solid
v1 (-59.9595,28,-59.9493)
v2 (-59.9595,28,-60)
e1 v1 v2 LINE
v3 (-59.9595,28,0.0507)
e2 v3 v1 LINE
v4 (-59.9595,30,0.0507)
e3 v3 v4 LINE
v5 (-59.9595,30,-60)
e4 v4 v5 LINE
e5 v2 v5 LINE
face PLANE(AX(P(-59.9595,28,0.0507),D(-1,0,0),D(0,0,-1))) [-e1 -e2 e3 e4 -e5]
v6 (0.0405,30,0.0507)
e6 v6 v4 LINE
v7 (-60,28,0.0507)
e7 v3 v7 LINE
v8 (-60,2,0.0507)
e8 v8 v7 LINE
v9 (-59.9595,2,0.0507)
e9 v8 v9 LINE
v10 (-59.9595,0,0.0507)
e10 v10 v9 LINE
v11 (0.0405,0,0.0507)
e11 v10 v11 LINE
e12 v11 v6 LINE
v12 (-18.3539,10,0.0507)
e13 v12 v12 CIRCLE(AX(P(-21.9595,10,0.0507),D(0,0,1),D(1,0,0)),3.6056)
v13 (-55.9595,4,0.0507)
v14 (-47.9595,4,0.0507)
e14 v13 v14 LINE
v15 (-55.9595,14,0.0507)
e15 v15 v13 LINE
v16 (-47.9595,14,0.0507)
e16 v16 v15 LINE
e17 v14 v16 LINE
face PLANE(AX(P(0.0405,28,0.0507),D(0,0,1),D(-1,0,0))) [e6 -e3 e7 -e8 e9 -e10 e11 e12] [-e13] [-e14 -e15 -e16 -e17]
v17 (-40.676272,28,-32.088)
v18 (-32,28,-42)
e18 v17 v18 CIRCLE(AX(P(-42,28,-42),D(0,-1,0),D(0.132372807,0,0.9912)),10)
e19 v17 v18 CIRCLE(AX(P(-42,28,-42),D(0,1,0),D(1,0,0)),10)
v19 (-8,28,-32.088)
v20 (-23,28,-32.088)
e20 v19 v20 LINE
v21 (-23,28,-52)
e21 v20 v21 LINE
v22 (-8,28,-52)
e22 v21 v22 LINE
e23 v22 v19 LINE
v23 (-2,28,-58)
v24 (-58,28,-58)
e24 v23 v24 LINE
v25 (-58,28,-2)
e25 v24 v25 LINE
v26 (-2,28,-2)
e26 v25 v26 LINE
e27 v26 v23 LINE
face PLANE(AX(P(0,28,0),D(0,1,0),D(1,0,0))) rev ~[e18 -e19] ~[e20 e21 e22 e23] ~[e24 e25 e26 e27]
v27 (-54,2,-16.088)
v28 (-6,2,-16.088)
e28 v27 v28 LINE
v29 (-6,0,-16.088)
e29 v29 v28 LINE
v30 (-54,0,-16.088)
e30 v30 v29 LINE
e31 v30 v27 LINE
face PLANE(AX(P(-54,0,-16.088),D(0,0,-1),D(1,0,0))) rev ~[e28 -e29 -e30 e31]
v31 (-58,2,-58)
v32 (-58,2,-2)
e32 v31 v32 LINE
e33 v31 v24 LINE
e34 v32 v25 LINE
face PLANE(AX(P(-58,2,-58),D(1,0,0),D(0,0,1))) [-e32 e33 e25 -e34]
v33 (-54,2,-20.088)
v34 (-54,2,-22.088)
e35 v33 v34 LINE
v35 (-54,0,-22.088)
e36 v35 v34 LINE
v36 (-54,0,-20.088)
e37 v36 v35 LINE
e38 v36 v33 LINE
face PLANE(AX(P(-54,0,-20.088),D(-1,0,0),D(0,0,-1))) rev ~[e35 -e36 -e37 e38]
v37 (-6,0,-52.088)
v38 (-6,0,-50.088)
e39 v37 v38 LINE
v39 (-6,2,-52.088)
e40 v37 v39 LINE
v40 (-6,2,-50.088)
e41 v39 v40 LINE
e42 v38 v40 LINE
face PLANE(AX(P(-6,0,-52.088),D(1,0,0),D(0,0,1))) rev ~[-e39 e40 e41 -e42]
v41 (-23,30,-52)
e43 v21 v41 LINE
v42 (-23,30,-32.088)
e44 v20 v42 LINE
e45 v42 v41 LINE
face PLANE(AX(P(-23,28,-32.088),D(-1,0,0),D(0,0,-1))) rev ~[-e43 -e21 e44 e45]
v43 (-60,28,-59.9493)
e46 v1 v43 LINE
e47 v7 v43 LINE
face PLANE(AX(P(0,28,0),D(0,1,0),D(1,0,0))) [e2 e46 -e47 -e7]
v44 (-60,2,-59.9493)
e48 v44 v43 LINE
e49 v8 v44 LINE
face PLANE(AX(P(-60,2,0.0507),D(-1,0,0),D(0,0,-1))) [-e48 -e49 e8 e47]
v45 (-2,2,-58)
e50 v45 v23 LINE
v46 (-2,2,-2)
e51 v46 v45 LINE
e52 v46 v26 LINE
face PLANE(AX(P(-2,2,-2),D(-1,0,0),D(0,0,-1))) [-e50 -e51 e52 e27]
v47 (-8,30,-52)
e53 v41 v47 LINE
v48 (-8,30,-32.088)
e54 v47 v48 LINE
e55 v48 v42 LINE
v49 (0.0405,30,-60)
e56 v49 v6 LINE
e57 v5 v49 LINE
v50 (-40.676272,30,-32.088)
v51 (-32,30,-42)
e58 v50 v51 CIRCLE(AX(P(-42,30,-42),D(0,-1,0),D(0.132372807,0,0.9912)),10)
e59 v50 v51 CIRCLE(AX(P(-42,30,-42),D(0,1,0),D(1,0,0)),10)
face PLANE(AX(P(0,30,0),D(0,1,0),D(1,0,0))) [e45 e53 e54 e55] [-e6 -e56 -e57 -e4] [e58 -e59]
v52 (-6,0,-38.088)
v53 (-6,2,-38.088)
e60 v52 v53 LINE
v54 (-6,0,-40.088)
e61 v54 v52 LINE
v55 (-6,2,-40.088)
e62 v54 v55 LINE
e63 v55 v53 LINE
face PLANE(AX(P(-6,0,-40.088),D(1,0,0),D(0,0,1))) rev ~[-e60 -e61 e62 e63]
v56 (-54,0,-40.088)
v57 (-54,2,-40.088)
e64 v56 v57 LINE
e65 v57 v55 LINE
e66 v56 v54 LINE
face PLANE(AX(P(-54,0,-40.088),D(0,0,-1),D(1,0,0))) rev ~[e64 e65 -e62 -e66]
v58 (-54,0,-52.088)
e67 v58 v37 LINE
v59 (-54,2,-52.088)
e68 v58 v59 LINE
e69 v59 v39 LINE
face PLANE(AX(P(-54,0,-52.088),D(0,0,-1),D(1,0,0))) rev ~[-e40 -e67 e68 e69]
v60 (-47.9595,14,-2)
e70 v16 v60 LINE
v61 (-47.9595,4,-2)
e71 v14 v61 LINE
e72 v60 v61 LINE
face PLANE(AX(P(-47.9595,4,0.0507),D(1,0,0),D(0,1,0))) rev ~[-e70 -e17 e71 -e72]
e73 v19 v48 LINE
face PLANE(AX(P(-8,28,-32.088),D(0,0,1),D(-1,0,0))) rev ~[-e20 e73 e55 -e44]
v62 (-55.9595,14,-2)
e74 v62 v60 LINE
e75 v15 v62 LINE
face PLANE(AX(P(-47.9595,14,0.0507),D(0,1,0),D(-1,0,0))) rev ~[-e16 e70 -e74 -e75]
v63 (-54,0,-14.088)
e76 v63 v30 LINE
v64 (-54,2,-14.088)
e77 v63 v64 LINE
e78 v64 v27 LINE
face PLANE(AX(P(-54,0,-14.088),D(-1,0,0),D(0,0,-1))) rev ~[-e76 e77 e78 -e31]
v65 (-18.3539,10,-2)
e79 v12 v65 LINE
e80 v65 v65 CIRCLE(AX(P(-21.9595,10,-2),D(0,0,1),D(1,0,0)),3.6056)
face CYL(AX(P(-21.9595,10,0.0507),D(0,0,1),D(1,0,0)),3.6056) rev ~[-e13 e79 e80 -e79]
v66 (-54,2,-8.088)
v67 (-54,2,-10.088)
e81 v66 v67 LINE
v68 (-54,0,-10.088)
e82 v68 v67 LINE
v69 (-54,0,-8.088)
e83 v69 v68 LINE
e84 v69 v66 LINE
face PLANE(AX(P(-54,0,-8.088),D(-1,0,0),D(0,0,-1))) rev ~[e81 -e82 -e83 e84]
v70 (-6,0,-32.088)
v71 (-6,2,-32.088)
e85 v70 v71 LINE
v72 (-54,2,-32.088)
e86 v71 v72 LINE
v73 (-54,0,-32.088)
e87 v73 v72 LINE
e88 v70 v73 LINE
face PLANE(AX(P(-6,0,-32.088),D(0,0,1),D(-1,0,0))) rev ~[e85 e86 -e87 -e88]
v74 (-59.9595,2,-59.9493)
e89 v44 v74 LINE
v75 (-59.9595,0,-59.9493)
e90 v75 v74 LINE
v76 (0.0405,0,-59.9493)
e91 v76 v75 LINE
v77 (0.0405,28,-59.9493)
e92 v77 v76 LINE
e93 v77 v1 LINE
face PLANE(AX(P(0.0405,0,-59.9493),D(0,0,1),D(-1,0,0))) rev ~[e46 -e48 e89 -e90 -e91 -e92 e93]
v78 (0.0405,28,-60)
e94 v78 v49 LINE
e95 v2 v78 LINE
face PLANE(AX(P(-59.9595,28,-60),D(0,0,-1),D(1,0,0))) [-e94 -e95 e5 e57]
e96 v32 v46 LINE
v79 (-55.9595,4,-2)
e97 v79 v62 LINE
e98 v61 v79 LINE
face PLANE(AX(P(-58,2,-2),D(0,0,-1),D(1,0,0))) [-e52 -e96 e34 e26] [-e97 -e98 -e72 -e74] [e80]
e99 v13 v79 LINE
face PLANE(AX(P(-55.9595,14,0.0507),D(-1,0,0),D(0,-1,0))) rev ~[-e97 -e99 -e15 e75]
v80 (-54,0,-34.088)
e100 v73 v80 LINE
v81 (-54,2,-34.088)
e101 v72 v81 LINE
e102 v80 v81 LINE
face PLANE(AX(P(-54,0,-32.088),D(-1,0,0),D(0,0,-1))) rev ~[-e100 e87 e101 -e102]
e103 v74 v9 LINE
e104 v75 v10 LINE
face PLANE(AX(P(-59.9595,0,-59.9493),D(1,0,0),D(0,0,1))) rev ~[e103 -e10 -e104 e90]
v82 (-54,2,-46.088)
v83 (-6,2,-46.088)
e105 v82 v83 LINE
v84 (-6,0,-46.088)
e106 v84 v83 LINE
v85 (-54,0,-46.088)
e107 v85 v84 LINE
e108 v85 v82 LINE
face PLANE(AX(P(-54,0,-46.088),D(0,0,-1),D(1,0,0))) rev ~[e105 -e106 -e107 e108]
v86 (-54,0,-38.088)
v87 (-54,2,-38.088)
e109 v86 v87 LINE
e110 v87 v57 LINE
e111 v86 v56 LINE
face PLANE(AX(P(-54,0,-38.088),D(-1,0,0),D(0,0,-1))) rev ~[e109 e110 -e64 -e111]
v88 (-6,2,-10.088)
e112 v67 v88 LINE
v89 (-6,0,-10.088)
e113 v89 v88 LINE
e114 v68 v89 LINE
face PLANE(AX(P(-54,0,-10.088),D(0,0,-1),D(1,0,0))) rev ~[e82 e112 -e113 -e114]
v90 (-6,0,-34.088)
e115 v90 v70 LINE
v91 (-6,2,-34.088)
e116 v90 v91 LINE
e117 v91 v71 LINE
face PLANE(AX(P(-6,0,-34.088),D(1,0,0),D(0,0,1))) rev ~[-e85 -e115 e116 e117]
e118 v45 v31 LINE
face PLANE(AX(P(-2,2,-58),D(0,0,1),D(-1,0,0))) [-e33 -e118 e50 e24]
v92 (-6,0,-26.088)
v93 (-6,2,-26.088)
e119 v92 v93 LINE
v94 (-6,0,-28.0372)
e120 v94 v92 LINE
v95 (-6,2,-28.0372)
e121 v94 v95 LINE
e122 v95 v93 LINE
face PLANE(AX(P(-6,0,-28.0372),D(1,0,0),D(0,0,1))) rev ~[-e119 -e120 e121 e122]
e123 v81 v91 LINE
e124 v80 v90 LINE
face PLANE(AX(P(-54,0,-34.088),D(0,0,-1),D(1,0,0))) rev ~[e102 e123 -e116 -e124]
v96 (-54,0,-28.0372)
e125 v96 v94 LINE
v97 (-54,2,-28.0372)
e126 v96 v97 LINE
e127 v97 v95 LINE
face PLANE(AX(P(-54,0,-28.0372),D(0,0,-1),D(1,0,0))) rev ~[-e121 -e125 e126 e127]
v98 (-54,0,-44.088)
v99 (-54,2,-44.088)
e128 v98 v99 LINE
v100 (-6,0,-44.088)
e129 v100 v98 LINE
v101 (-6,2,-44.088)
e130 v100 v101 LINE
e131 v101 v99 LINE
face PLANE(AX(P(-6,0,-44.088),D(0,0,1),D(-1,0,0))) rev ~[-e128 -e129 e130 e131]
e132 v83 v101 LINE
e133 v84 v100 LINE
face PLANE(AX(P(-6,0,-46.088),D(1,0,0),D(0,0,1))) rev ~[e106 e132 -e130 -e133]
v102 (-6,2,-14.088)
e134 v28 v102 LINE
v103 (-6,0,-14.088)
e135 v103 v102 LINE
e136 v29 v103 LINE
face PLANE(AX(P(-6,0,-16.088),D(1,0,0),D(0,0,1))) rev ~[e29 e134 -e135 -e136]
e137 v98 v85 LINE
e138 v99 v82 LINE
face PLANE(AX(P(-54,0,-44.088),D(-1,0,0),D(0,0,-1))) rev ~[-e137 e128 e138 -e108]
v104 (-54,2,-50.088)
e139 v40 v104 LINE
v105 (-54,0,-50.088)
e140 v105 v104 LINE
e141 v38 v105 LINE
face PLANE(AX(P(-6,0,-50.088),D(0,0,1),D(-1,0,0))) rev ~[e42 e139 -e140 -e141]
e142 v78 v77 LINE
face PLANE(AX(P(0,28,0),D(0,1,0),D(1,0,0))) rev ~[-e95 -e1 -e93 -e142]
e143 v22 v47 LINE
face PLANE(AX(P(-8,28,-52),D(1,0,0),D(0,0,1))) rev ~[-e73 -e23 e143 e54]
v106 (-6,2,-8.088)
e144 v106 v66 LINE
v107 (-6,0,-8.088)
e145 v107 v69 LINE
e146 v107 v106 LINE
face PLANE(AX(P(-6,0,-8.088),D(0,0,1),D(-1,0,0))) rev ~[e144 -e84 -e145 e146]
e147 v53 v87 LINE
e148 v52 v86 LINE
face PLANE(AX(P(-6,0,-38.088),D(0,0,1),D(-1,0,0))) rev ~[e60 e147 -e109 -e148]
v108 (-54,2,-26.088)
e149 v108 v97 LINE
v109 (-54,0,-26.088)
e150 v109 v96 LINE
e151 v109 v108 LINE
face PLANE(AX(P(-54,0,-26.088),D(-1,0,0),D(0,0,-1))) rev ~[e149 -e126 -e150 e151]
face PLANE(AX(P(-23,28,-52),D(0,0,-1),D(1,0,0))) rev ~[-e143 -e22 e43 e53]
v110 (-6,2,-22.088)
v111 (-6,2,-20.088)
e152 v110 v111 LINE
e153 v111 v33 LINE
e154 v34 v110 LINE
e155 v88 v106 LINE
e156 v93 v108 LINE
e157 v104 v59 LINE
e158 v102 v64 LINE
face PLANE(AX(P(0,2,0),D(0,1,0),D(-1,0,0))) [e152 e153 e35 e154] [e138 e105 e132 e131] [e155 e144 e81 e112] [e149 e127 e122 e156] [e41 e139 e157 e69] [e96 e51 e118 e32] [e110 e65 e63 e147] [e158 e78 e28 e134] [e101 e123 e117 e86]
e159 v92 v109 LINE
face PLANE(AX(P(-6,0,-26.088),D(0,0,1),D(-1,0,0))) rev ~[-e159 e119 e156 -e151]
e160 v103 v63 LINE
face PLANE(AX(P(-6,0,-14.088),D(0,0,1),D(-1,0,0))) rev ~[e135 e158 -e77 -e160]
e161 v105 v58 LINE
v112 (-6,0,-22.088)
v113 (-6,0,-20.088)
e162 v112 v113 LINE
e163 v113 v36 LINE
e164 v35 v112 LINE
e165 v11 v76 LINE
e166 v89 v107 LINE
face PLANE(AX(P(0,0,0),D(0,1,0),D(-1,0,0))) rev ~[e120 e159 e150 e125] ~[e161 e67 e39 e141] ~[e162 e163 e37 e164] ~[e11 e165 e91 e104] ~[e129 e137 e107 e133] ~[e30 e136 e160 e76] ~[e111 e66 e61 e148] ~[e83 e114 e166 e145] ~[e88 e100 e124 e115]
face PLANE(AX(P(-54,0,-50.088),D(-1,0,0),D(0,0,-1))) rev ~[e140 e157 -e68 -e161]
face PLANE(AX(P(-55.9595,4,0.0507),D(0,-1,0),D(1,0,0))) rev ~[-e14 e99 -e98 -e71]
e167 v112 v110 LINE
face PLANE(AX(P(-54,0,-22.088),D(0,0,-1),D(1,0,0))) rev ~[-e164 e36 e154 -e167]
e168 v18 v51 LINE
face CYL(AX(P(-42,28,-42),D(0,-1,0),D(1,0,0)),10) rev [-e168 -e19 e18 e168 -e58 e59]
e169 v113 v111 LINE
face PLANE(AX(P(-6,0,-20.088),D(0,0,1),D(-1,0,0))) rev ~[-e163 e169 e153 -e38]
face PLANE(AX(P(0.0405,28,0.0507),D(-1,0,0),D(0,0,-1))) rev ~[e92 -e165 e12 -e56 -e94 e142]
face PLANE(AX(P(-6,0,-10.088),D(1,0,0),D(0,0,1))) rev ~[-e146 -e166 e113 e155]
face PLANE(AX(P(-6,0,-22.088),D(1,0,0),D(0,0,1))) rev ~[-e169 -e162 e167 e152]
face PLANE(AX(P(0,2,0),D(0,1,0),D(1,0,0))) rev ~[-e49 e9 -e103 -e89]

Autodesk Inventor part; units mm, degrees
ref_plane "YZ Plane" through (0, 0, 0) normal (1, 0, 0) x (0, 1, 0)
ref_plane "XZ Plane" through (0, 0, 0) normal (0, 1, 0) x (-1, 0, 0)
ref_plane "XY Plane" through (0, 0, 0) normal (0, 0, 1) x (1, 0, 0)
sketch "Sketch1" plane through (0, 0, 0) normal (0, 1, 0) x (-1, 0, 0)
  line L0 (59.9595, 0.0507) -> (-0.0405, 0.0507)
  line L1 (-0.0405, 0.0507) -> (-0.0405, -59.9493)
  line L2 (-0.0405, -59.9493) -> (59.9595, -59.9493)
  line L3 (59.9595, -59.9493) -> (59.9595, 0.0507)
  line L4 (54, -52.088) -> (6, -52.088)
  line L5 (6, -52.088) -> (6, -50.088)
  line L6 (6, -50.088) -> (54, -50.088)
  line L7 (54, -50.088) -> (54, -52.088)
  line L8 (54, -46.088) -> (6, -46.088)
  line L9 (6, -46.088) -> (6, -44.088)
  line L10 (6, -44.088) -> (54, -44.088)
  line L11 (54, -44.088) -> (54, -46.088)
  line L12 (54, -40.088) -> (6, -40.088)
  line L13 (6, -40.088) -> (6, -38.088)
  line L14 (6, -38.088) -> (54, -38.088)
  line L15 (54, -38.088) -> (54, -40.088)
  line L16 (54, -34.088) -> (6, -34.088)
  line L17 (6, -34.088) -> (6, -32.088)
  line L18 (6, -32.088) -> (54, -32.088)
  line L19 (54, -32.088) -> (54, -34.088)
  line L20 (54, -28.0372) -> (6, -28.0372)
  line L21 (6, -28.0372) -> (6, -26.088)
  line L22 (6, -26.088) -> (54, -26.088)
  line L23 (54, -26.088) -> (54, -28.0372)
  line L24 (54, -22.088) -> (6, -22.088)
  line L25 (6, -22.088) -> (6, -20.088)
  line L26 (6, -20.088) -> (54, -20.088)
  line L27 (54, -20.088) -> (54, -22.088)
  line L28 (54, -16.088) -> (6, -16.088)
  line L29 (6, -16.088) -> (6, -14.088)
  line L30 (6, -14.088) -> (54, -14.088)
  line L31 (54, -14.088) -> (54, -16.088)
  line L32 (54, -10.088) -> (6, -10.088)
  line L33 (6, -10.088) -> (6, -8.088)
  line L34 (6, -8.088) -> (54, -8.088)
  line L35 (54, -8.088) -> (54, -10.088)
  line L36 (2, -58) -> (58, -58)
  line L37 (58, -58) -> (58, -2)
  line L38 (58, -2) -> (2, -2)
  line L39 (2, -2) -> (2, -58)
  point P0 (0, 0)
  dimension "d0" = 60
  dimension "d1" = 60
extrude "Bottom" add sketch "Sketch1" along normal blind 2 contours L3 L2 L1 L0 | L39 L38 L37 L36
sketch "Sketch2" plane through (0, 2, 0) normal (0, 1, 0) x (1, 0, 0)
  line L0 (-59.9595, -0.0507) -> (0.0405, -0.0507) projected
  line L1 (-60, 59.9493) -> (-58, 59.9493)
  line L2 (-58, 59.9493) -> (-58, -0.0507)
  line L3 (-58, -0.0507) -> (-60, -0.0507)
  line L4 (-60, -0.0507) -> (-60, 59.9493)
  line L5 (0.0405, 59.9493) -> (-59.9595, 59.9493) projected
  line L6 (-2, 59.9493) -> (0.0405, 59.9493)
  line L7 (0.0405, 59.9493) -> (0.0405, -0.0507)
  line L8 (0.0405, -0.0507) -> (-2, -0.0507)
  line L9 (-2, -0.0507) -> (-2, 59.9493)
  line L10 (-58, 59.9493) -> (-2, 59.9493)
  line L11 (-2, 59.9493) -> (-2, 58)
  line L12 (-2, 58) -> (-58, 58)
  line L13 (-58, 58) -> (-58, 59.9493)
  line L14 (-58, 2) -> (-2, 2)
  line L15 (-2, 2) -> (-2, -0.0507)
  line L16 (-2, -0.0507) -> (-58, -0.0507)
  line L17 (-58, -0.0507) -> (-58, 2)
  point P0 (-2, 2)
extrude "Walls" add sketch "Sketch2" along normal blind 26 contours L3 L4 L1 L2 L0 | L2 L14 L9 L0 | L9 L5 L7 L0 | L2 L5 L9 L12
sketch "Sketch3" plane through (-59.9595, 0, 0.0507) normal (0, 0, 1) x (1, 0, 0)
  line L0 (4, 4) -> (12, 4)
  line L1 (12, 4) -> (12, 14)
  line L2 (12, 14) -> (4, 14)
  line L3 (4, 14) -> (4, 4)
  line L4 (5.6179, 18.3587) -> (10.1248, 18.3587) construction
  line L5 (10.1248, 18.3587) -> (10.1248, 14.1529) construction
  line L6 (10.1248, 14.1529) -> (5.6179, 14.1529) construction
  line L7 (5.6179, 14.1529) -> (5.6179, 18.3587) construction
  circle A0 centre (38, 10) radius 3.6056
  line L8 (32.7887, 17.939) -> (43.0738, 17.939) construction
  line L9 (43.0738, 17.939) -> (43.0738, 14.8367) construction
  line L10 (43.0738, 14.8367) -> (32.7887, 14.8367) construction
  line L11 (32.7887, 14.8367) -> (32.7887, 17.939) construction
  point P0 (59.9595, 0)
extrude "AC/Reset" cut sketch "Sketch3" against normal blind 10
sketch "Sketch4" plane through (0, 28, 0) normal (0, 1, 0) x (1, 0, 0)
  line L0 (0.0405, -0.0507) -> (0.0405, 59.9493) projected
  line L1 (-59.9595, 60) -> (0.0405, 60)
  line L2 (0.0405, 60) -> (0.0405, -0.0507)
  line L3 (0.0405, -0.0507) -> (-59.9595, -0.0507)
  line L4 (-59.9595, -0.0507) -> (-59.9595, 60)
  circle A0 centre (-42, 42) radius 10
  line L5 (-6, 32.088) -> (-54, 32.088) projected
  line L6 (-23, 52) -> (-8, 52)
  line L7 (-8, 52) -> (-8, 32.088)
  line L8 (-8, 32.088) -> (-23, 32.088)
  line L9 (-23, 32.088) -> (-23, 52)
  point P0 (0, 0)
  dimension "d8" = 20
  dimension "d9" = 60
extrude "Extrusion4" add sketch "Sketch4" along normal blind 2
